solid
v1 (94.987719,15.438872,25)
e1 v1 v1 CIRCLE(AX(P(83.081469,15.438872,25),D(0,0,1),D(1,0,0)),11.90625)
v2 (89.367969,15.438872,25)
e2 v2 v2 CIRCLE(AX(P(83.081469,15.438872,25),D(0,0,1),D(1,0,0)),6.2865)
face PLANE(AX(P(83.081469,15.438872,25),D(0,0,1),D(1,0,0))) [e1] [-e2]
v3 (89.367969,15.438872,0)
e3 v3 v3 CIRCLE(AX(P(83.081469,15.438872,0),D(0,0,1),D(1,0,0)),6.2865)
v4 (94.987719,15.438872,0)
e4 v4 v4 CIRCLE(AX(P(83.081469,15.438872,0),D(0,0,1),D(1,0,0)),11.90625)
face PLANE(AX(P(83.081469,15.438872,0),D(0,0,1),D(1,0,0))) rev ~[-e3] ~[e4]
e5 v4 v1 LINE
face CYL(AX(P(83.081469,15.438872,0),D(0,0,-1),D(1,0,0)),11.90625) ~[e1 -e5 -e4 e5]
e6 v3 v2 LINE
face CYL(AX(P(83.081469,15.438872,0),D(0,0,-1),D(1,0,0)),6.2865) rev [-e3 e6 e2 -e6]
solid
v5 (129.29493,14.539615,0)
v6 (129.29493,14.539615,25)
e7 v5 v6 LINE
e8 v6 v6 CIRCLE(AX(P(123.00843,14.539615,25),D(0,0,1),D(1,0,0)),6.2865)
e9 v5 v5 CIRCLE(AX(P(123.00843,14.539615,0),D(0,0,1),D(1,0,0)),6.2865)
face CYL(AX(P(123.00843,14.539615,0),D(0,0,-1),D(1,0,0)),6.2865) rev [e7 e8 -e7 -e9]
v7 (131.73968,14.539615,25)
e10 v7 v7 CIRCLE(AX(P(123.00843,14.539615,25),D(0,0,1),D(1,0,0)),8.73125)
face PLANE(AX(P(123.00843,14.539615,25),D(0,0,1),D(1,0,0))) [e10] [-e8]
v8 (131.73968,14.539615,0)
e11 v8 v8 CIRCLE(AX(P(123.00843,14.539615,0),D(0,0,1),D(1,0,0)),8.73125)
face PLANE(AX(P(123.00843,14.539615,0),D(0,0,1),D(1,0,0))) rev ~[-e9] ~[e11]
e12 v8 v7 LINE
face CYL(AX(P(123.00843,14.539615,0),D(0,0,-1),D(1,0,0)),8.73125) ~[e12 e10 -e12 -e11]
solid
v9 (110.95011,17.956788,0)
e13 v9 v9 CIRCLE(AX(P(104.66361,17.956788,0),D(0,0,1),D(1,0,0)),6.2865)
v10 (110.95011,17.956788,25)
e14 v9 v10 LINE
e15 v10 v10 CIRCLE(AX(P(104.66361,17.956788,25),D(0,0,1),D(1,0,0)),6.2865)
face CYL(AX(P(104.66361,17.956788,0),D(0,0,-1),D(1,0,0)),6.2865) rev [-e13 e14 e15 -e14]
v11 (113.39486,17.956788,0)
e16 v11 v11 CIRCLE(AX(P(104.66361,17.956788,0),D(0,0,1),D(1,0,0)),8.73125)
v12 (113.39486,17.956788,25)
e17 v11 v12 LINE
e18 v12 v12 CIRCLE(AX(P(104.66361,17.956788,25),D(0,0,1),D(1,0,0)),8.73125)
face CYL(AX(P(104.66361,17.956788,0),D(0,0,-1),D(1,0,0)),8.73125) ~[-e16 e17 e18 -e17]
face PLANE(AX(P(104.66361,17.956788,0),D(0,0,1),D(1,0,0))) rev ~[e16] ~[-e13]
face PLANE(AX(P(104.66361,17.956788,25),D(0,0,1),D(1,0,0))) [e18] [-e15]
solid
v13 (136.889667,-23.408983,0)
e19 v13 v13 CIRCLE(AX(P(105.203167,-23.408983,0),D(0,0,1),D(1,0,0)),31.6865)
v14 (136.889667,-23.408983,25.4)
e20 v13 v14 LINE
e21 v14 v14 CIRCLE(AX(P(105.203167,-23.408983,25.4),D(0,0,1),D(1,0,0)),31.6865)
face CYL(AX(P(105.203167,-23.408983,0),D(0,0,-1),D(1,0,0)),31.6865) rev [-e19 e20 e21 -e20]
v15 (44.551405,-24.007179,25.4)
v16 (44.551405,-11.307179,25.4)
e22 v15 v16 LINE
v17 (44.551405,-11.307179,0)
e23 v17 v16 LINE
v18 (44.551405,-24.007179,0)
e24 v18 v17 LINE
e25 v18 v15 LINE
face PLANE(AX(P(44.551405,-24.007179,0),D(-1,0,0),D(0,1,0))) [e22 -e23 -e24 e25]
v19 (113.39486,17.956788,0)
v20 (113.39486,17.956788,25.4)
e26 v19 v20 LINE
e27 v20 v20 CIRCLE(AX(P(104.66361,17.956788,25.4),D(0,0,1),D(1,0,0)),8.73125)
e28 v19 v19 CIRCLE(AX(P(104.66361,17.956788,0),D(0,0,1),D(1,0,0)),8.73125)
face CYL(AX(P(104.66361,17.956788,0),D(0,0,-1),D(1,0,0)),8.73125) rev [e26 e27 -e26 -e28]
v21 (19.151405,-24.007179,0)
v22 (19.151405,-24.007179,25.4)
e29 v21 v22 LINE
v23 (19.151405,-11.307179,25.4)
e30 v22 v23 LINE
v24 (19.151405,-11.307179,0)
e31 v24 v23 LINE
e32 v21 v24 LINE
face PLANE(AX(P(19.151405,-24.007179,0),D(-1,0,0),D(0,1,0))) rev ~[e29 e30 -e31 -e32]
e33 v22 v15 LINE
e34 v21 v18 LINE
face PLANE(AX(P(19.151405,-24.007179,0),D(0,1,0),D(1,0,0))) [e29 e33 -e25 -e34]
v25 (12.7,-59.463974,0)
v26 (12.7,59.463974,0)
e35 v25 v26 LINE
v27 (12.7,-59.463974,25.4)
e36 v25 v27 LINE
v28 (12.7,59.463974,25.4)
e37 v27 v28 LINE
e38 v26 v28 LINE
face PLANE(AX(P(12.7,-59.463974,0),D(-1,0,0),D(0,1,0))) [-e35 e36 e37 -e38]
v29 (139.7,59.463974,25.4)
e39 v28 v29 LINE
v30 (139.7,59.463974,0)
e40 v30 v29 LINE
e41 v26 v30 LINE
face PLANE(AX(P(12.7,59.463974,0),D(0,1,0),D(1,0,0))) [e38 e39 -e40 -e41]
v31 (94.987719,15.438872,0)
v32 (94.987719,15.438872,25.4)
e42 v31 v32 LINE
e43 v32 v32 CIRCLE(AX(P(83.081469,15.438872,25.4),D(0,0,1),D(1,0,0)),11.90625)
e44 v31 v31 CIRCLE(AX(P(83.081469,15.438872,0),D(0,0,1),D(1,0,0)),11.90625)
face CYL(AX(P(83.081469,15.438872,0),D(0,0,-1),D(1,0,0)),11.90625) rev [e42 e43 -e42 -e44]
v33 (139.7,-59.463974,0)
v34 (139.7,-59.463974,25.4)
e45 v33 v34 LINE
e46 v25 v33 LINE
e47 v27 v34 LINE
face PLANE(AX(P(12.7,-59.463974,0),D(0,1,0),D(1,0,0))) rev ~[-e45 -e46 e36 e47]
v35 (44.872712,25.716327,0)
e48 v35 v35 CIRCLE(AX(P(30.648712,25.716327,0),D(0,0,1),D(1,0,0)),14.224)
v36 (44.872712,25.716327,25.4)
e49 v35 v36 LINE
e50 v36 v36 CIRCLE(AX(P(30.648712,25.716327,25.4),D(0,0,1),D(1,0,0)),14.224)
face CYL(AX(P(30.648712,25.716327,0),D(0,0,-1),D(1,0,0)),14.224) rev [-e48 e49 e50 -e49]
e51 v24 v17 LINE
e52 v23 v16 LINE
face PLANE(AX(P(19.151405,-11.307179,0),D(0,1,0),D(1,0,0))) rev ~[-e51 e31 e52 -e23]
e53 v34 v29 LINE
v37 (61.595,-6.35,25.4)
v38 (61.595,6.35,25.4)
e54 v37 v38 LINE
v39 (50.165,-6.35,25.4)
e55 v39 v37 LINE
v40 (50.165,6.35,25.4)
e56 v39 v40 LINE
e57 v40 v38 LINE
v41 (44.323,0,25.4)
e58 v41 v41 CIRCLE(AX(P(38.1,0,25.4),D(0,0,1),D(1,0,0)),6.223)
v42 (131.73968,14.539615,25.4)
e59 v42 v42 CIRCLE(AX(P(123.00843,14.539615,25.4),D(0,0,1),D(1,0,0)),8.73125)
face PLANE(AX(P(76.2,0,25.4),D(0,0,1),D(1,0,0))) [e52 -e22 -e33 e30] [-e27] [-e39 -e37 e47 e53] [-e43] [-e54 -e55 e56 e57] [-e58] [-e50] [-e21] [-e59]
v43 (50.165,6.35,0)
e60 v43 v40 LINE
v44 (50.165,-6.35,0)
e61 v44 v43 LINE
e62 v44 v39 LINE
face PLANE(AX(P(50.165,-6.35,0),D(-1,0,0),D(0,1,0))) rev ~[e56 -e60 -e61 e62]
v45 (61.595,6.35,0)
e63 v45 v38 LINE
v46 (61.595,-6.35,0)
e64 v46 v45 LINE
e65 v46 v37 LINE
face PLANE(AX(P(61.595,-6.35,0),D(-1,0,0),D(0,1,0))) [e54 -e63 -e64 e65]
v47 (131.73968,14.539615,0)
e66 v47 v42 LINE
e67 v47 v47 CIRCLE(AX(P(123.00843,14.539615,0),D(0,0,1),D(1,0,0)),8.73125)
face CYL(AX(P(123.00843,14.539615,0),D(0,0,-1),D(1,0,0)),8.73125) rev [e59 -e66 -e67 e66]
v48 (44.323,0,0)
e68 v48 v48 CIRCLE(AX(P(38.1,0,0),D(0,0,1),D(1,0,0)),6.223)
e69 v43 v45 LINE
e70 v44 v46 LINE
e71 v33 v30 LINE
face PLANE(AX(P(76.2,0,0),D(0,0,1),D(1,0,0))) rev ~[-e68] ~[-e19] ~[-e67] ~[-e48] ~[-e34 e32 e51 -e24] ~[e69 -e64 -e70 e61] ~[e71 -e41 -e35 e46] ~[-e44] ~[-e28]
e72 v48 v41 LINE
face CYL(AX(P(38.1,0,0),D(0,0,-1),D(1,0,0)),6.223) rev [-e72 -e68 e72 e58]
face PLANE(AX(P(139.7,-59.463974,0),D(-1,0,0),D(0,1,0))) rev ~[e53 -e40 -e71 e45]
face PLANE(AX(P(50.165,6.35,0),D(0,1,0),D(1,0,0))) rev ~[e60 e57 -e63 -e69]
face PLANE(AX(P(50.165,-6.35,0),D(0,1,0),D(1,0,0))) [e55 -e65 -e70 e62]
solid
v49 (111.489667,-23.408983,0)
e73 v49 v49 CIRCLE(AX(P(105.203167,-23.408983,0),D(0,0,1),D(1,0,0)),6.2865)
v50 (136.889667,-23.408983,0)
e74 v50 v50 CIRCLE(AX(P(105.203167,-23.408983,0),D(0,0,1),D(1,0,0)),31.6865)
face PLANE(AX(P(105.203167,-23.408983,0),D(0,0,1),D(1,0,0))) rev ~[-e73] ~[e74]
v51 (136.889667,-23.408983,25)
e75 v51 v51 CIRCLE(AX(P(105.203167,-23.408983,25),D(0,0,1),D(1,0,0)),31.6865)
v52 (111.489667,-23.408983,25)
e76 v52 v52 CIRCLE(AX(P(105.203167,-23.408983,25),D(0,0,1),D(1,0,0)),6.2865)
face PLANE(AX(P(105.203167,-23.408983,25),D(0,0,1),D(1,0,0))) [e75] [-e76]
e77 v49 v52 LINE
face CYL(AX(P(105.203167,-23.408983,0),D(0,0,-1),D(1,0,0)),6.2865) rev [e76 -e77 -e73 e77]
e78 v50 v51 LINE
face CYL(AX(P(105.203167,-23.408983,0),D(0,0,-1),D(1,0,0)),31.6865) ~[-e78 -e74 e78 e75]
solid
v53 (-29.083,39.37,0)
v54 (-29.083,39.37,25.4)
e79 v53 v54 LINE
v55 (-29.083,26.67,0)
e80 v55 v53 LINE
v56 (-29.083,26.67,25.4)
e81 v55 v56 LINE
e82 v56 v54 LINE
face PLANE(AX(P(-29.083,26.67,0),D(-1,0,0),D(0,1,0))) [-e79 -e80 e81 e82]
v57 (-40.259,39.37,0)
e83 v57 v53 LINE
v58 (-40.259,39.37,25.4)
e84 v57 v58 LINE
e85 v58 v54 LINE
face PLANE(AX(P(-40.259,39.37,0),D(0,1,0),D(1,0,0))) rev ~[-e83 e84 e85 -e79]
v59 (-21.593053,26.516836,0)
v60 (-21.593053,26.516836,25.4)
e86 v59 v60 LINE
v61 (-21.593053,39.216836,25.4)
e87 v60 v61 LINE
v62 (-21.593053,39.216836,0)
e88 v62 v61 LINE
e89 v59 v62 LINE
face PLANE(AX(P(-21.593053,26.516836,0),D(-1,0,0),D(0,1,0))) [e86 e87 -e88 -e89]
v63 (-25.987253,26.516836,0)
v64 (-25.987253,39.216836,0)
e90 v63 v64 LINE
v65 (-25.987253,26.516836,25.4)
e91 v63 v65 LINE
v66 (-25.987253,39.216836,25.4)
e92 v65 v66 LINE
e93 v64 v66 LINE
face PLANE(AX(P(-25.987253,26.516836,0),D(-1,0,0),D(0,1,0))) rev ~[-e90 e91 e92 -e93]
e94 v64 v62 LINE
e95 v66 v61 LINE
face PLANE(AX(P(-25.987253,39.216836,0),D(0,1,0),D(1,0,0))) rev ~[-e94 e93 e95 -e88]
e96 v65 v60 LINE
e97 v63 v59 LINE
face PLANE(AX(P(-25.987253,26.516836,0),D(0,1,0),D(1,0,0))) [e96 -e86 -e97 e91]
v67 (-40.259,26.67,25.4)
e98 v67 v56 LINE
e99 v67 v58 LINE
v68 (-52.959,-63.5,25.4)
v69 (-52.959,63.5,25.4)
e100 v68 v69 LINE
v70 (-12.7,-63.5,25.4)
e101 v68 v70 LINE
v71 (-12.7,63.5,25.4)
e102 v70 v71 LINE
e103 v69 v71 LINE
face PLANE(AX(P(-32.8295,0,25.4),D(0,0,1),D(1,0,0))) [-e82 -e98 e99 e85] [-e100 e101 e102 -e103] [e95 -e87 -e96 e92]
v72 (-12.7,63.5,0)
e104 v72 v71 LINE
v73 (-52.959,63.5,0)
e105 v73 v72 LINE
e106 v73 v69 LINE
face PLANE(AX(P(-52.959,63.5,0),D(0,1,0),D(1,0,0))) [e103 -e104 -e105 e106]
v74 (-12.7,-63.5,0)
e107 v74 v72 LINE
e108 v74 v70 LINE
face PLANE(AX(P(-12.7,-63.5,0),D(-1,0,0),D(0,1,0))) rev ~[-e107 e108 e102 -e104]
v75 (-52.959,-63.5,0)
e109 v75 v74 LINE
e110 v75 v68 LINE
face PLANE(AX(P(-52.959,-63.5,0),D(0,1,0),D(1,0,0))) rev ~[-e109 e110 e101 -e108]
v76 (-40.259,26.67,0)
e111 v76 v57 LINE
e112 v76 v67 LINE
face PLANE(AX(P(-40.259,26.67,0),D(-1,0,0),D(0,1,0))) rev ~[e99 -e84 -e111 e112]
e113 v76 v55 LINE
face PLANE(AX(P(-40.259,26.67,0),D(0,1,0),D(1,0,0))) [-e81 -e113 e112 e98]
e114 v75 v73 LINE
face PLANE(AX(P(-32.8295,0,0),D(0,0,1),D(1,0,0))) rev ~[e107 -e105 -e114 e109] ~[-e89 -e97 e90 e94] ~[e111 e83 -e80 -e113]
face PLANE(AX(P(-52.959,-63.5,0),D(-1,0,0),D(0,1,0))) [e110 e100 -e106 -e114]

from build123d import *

# Parameters (mm, degrees)
F0_W     = 40.259
F0_H     = 127
F0_W_2   = 11.176
F0_H_2   = 12.7
F0_W_3   = 4.3942
F0_W_4   = 127
F0_H_3   = 118.927948
F0_W_5   = 25.4
F0_R     = 31.6865
F0_R_2   = 6.223
F0_R_3   = 14.224
F0_W_6   = 11.43
F0_R_4   = 11.90625
F0_R_5   = 8.73125
F1_DEPTH = 25.4
F0_R_6   = 6.2865
F2_DEPTH = 25


with BuildPart() as f1:
    # F0 (on Top) → F1 (new body)
    with BuildSketch(Plane.XY):
        with Locations((-32.8295, 0)):
            Rectangle(F0_W, F0_H)
        with Locations((-34.671, 33.02)):
            Rectangle(F0_W_2, F0_H_2, mode=Mode.SUBTRACT)
        with Locations((-23.790153, 32.866836)):
            Rectangle(F0_W_3, F0_H_2, mode=Mode.SUBTRACT)
        with Locations((76.2, 0)):
            Rectangle(F0_W_4, F0_H_3)
        with Locations((31.851405, -17.657179)):
            Rectangle(F0_W_5, F0_H_2, mode=Mode.SUBTRACT)
        with Locations((105.203167, -23.408983)):
            Circle(F0_R, mode=Mode.SUBTRACT)
        with Locations((38.1, 0)):
            Circle(F0_R_2, mode=Mode.SUBTRACT)
        with Locations((30.648712, 25.716327)):
            Circle(F0_R_3, mode=Mode.SUBTRACT)
        with Locations((55.88, 0)):
            Rectangle(F0_W_6, F0_H_2, mode=Mode.SUBTRACT)
        with Locations((83.081469, 15.438872)):
            Circle(F0_R_4, mode=Mode.SUBTRACT)
        with Locations((123.00843, 14.539615)):
            Circle(F0_R_5, mode=Mode.SUBTRACT)
        with Locations((104.66361, 17.956788)):
            Circle(F0_R_5, mode=Mode.SUBTRACT)
    extrude(amount=F1_DEPTH)


with BuildPart() as f2:
    # F0 (on Top) → F2 (new body)
    with BuildSketch(Plane.XY):
        with Locations((105.203167, -23.408983)):
            Circle(F0_R)
        with Locations((105.203167, -23.408983)):
            Circle(F0_R_6, mode=Mode.SUBTRACT)
        with Locations((83.081469, 15.438872)):
            Circle(F0_R_4)
        with Locations((83.081469, 15.438872)):
            Circle(F0_R_6, mode=Mode.SUBTRACT)
        with Locations((104.66361, 17.956788)):
            Circle(F0_R_5)
        with Locations((104.66361, 17.956788)):
            Circle(F0_R_6, mode=Mode.SUBTRACT)
        with Locations((123.00843, 14.539615)):
            Circle(F0_R_5)
        with Locations((123.00843, 14.539615)):
            Circle(F0_R_6, mode=Mode.SUBTRACT)
    extrude(amount=F2_DEPTH)


solid = Compound([f1.part, f2.part])
